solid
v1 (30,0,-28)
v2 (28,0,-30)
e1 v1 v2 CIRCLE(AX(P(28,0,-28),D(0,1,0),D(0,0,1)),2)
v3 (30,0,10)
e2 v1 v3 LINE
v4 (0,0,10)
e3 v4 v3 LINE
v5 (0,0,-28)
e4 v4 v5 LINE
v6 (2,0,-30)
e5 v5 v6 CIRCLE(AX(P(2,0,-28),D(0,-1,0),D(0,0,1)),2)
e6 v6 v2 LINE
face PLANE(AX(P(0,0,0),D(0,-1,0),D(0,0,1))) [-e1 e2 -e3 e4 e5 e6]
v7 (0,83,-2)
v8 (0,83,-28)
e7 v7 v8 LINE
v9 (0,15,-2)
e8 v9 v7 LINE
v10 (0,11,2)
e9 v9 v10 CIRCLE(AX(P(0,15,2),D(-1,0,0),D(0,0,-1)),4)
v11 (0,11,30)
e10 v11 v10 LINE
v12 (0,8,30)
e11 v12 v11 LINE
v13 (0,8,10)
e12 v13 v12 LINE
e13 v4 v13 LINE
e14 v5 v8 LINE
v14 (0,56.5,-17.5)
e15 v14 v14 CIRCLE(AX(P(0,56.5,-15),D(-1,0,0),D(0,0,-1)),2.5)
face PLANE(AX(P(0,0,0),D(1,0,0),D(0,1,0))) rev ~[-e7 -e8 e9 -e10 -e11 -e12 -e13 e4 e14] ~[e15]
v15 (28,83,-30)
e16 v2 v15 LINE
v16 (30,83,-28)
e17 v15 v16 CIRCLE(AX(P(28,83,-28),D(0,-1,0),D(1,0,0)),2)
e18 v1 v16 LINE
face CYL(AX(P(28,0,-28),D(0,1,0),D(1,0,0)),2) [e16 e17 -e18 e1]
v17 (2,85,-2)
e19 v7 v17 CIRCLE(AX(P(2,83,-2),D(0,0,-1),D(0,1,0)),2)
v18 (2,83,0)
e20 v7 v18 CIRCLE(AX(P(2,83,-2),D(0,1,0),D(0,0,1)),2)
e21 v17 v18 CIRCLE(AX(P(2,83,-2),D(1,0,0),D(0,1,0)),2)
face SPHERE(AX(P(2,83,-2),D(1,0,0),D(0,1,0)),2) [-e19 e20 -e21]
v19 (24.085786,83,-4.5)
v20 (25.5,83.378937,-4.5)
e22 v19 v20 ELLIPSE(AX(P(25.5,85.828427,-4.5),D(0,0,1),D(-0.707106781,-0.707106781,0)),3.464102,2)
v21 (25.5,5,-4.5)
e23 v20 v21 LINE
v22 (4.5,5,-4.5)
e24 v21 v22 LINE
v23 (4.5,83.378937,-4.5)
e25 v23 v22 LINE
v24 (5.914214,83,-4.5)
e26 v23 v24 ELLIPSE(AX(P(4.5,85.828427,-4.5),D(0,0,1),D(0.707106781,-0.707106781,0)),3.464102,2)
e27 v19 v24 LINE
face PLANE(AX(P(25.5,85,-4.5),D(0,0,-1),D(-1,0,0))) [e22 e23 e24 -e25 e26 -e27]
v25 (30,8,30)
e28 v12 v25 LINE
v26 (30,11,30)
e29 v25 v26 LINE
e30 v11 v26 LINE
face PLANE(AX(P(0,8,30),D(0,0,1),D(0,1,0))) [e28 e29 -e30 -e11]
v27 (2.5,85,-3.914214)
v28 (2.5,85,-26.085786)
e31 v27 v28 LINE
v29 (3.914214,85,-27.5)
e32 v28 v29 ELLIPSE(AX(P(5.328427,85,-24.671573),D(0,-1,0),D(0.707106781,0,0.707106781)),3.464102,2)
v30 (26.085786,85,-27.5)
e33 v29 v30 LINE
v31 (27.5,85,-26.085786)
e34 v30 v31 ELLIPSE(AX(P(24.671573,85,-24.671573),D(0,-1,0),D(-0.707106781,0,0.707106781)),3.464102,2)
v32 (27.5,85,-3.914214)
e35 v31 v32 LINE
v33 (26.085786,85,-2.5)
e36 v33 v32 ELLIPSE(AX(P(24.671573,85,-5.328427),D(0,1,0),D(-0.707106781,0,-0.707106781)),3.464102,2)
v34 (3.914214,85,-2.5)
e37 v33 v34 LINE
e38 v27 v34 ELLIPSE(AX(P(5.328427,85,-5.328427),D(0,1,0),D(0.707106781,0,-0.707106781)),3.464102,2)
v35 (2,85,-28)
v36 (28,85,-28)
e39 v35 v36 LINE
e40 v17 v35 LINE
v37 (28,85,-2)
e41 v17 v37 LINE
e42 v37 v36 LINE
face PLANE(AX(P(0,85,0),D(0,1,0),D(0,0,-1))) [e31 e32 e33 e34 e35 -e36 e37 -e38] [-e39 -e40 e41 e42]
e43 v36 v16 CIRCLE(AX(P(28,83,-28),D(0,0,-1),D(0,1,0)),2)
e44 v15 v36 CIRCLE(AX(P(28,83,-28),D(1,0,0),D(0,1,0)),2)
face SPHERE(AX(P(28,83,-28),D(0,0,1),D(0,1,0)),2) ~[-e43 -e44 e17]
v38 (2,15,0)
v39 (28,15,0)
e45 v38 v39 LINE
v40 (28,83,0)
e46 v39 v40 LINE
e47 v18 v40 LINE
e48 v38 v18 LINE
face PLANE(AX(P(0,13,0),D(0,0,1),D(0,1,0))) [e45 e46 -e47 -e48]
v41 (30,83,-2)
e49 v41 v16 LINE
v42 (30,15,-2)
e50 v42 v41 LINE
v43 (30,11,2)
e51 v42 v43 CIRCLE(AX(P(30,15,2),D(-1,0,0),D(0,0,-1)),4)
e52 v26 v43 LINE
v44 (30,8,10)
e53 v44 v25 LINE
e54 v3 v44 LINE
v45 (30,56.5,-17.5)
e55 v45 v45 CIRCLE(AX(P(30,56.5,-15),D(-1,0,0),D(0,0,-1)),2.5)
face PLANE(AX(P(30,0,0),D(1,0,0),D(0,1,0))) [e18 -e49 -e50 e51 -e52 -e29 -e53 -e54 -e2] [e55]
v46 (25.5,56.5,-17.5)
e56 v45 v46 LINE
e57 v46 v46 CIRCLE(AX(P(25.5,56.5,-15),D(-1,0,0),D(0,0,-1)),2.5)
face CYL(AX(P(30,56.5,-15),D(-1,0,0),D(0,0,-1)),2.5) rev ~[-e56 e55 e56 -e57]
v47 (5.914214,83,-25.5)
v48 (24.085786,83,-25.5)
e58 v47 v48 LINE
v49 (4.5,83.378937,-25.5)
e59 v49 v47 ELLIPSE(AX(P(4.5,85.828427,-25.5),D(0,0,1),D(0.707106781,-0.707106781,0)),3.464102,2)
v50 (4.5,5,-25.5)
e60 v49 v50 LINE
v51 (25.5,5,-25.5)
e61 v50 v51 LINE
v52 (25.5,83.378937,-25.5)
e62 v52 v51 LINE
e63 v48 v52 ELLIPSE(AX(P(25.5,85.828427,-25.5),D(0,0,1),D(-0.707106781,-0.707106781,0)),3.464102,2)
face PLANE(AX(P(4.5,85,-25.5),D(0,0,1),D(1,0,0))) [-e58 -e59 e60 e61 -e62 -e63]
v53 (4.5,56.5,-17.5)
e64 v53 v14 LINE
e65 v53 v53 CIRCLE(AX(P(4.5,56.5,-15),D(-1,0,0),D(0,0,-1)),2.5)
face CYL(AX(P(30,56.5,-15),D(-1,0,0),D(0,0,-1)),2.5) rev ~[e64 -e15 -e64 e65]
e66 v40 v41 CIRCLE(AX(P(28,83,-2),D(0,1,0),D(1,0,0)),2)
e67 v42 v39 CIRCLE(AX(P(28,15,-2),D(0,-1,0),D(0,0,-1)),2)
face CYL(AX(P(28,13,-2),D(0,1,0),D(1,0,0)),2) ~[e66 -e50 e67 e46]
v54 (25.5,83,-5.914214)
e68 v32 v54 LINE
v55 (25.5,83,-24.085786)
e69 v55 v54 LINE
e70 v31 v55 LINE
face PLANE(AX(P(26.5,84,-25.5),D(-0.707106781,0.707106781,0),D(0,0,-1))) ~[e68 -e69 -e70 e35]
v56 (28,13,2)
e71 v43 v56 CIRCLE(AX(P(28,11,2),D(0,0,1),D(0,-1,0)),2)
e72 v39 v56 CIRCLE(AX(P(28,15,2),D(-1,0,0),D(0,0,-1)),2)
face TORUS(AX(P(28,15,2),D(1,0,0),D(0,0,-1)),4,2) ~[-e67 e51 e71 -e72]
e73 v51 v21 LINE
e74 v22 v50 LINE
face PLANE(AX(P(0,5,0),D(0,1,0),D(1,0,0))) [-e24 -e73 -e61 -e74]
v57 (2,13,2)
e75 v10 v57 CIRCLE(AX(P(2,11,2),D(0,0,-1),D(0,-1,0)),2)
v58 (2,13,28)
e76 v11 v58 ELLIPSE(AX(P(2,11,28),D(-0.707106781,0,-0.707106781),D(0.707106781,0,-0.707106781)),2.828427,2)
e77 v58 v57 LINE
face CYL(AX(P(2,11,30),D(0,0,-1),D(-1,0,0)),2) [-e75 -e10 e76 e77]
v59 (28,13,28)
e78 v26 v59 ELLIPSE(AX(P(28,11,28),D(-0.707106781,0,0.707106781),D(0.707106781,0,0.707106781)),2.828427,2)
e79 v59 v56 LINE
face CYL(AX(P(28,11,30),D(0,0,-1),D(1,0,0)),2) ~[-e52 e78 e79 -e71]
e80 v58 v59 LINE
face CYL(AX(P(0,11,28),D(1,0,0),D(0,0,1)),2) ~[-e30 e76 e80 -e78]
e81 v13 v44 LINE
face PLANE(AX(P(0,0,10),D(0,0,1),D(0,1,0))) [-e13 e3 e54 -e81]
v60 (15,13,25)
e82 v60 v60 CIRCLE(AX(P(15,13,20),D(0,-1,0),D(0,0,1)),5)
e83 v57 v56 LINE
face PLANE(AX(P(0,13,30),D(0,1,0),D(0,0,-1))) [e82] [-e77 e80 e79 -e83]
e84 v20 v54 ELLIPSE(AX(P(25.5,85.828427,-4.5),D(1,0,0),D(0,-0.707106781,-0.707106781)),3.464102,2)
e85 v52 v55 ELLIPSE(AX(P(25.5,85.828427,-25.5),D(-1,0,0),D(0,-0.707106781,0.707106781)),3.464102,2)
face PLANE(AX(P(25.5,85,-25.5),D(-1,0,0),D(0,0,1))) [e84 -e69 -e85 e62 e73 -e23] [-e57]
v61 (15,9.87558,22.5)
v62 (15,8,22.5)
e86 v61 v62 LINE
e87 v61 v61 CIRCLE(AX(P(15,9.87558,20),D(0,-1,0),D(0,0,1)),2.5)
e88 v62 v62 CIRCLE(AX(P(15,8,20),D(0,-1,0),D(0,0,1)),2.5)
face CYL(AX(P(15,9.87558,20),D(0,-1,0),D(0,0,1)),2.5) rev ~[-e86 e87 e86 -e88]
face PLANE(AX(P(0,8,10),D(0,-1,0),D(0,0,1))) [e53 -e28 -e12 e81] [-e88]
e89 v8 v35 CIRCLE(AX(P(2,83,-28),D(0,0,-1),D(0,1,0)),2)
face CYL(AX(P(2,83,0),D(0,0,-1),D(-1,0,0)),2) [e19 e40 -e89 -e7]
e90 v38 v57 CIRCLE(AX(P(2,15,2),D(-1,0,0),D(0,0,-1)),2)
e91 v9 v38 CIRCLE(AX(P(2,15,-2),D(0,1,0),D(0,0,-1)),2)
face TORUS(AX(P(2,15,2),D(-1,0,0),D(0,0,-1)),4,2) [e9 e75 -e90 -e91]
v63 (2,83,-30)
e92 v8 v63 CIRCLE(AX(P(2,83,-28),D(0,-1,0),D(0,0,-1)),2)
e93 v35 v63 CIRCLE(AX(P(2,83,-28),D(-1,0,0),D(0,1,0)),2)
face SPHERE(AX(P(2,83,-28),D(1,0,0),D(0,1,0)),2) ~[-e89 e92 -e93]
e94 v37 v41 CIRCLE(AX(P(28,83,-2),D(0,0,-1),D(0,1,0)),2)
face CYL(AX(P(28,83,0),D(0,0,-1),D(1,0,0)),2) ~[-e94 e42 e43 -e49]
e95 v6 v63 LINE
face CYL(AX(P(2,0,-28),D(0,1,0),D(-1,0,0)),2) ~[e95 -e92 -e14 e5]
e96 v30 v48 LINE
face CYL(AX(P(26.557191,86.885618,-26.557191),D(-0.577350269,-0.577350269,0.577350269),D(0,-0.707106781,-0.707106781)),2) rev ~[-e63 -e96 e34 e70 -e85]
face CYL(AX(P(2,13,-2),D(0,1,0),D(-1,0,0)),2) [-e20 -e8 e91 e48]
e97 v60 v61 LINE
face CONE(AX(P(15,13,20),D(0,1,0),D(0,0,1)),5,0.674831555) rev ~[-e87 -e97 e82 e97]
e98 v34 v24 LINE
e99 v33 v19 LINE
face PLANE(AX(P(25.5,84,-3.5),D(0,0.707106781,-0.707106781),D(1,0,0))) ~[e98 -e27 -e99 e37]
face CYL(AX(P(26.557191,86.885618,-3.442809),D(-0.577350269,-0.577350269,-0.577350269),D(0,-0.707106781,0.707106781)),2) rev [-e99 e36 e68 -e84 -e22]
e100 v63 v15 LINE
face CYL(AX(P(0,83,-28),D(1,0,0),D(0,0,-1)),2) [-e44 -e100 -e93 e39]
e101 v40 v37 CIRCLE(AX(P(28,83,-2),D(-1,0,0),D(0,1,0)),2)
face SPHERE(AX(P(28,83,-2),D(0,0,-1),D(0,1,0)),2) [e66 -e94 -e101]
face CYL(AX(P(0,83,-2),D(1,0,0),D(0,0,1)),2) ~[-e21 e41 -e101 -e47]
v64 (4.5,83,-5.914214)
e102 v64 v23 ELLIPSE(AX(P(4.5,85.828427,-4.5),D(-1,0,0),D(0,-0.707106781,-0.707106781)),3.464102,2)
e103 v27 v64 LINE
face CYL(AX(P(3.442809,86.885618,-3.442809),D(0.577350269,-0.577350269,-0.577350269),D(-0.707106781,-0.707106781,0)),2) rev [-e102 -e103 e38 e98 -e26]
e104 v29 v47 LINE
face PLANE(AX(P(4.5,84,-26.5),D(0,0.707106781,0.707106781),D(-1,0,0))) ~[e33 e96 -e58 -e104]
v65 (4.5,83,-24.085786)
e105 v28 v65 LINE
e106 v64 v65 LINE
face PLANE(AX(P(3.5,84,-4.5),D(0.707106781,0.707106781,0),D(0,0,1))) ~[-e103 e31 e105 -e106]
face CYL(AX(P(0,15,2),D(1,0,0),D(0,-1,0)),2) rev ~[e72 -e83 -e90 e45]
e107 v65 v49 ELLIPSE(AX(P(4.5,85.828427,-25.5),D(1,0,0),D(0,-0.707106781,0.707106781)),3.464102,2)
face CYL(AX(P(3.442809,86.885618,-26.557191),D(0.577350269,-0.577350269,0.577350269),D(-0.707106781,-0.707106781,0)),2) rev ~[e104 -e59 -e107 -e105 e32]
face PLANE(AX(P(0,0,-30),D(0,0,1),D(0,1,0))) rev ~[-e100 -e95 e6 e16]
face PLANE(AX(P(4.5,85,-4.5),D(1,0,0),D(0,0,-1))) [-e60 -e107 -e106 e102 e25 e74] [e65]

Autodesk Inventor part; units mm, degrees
ref_plane "YZ Plane" through (0, 0, 0) normal (1, 0, 0) x (0, 1, 0)
ref_plane "XZ Plane" through (0, 0, 0) normal (0, 1, 0) x (-1, 0, 0)
ref_plane "XY Plane" through (0, 0, 0) normal (0, 0, 1) x (1, 0, 0)
sketch "Sketch1" plane through (0, 0, 0) normal (1, 0, 0) x (0, 1, 0)
  line L0 (0, 0) -> (0, -30)
  line L1 (13, 0) -> (30, 0) construction
  line L2 (0, -30) -> (85, -30)
  line L3 (13, 0) -> (85, 0)
  line L4 (85, 0) -> (85, -30)
  line L5 (0, 0) -> (0, 10)
  line L6 (13, 0) -> (14, 0) construction
  line L7 (0, 10) -> (8, 10)
  line L8 (8, 10) -> (8, 30)
  line L9 (8, 30) -> (13, 30)
  line L10 (13, 30) -> (13, 0)
  point P0 (59, -15)
  dimension "d0" = 30
  dimension "d2" = 85
  dimension "d4" = 10
  dimension "d6" = 8
  dimension "d7" = 20
  dimension "d8" = 5
  dimension "d47" = 30
extrude "Extrusion1" add sketch "Sketch1" along normal blind 30
sketch "Sketch2" plane through (0, 85, 0) normal (0, 1, 0) x (1, 0, 0)
  line L0 (4.5, 4.5) -> (4.5, 25.5)
  line L1 (4.5, 4.5) -> (25.5, 4.5) construction
  line L2 (4.5, 25.5) -> (25.5, 25.5)
  line L3 (25.5, 25.5) -> (25.5, 4.5)
  line L4 (25.5, 4.5) -> (4.5, 4.5)
  line L5 (30, 30) -> (30, 0) projected
  point P0 (0, 0)
  dimension "d13" = 21
  dimension "d14" = 90
  dimension "d15" = 21
  dimension "d16" = 90
  dimension "d17" = 21
  dimension "d18" = 90
  dimension "d19" = 21
  dimension "d46" = 4.5
  dimension "d48" = 90
  dimension "d49" = 4.5
extrude "Extrusion2" cut sketch "Sketch2" against normal blind 80
fillet "Fillet1" radius 2 12 edges at (30, 85, -15) (15, 85, 0) (15, 85, -30) (0, 85, -15) (30, 49, 0) (30, 42.5, -30) (0, 49, 0) (0, 42.5, -30) (0, 13, 15) (15, 13, 30) (30, 13, 15) (15, 13, 0)
sketch "Sketch4" plane through (2, 13, 2) normal (0, 1, 0) x (1, 0, 0)
  line L0 (-2, -28) -> (28, -28) projected
  point P0 (-2, 2)
  point P1 (13, -18)
  point P2 (13, -28)
  dimension "d37" = 10
hole "Hole1" at (15, 13, 20) direction (0, -1, 0) diameter 5 end through all countersink diameter 10 countersink angle 77.33
sketch "Sketch6" plane through (30, 0, 0) normal (1, 0, 0) x (0, 0, -1)
  line L0 (-10, 0) -> (28, 0) projected
  point P0 (0, 0)
  point P1 (15, 56.5)
  dimension "d45" = 56.5
hole "Hole2" at (30, 56.5, -15) direction (-1, 0, 0) diameter 5 end through all
chamfer "Chamfer2" distance 2 angle 45 4 edges at (4.5, 85, -15) (15, 85, -25.5) (25.5, 85, -15) (15, 85, -4.5)
fillet "Fillet3" radius 2 4 edges at (3.5, 84, -26.5) (26.5, 84, -26.5) (26.5, 84, -3.5) (3.5, 84, -3.5)
properties part number "flexibler_standfuß_v0.8"
